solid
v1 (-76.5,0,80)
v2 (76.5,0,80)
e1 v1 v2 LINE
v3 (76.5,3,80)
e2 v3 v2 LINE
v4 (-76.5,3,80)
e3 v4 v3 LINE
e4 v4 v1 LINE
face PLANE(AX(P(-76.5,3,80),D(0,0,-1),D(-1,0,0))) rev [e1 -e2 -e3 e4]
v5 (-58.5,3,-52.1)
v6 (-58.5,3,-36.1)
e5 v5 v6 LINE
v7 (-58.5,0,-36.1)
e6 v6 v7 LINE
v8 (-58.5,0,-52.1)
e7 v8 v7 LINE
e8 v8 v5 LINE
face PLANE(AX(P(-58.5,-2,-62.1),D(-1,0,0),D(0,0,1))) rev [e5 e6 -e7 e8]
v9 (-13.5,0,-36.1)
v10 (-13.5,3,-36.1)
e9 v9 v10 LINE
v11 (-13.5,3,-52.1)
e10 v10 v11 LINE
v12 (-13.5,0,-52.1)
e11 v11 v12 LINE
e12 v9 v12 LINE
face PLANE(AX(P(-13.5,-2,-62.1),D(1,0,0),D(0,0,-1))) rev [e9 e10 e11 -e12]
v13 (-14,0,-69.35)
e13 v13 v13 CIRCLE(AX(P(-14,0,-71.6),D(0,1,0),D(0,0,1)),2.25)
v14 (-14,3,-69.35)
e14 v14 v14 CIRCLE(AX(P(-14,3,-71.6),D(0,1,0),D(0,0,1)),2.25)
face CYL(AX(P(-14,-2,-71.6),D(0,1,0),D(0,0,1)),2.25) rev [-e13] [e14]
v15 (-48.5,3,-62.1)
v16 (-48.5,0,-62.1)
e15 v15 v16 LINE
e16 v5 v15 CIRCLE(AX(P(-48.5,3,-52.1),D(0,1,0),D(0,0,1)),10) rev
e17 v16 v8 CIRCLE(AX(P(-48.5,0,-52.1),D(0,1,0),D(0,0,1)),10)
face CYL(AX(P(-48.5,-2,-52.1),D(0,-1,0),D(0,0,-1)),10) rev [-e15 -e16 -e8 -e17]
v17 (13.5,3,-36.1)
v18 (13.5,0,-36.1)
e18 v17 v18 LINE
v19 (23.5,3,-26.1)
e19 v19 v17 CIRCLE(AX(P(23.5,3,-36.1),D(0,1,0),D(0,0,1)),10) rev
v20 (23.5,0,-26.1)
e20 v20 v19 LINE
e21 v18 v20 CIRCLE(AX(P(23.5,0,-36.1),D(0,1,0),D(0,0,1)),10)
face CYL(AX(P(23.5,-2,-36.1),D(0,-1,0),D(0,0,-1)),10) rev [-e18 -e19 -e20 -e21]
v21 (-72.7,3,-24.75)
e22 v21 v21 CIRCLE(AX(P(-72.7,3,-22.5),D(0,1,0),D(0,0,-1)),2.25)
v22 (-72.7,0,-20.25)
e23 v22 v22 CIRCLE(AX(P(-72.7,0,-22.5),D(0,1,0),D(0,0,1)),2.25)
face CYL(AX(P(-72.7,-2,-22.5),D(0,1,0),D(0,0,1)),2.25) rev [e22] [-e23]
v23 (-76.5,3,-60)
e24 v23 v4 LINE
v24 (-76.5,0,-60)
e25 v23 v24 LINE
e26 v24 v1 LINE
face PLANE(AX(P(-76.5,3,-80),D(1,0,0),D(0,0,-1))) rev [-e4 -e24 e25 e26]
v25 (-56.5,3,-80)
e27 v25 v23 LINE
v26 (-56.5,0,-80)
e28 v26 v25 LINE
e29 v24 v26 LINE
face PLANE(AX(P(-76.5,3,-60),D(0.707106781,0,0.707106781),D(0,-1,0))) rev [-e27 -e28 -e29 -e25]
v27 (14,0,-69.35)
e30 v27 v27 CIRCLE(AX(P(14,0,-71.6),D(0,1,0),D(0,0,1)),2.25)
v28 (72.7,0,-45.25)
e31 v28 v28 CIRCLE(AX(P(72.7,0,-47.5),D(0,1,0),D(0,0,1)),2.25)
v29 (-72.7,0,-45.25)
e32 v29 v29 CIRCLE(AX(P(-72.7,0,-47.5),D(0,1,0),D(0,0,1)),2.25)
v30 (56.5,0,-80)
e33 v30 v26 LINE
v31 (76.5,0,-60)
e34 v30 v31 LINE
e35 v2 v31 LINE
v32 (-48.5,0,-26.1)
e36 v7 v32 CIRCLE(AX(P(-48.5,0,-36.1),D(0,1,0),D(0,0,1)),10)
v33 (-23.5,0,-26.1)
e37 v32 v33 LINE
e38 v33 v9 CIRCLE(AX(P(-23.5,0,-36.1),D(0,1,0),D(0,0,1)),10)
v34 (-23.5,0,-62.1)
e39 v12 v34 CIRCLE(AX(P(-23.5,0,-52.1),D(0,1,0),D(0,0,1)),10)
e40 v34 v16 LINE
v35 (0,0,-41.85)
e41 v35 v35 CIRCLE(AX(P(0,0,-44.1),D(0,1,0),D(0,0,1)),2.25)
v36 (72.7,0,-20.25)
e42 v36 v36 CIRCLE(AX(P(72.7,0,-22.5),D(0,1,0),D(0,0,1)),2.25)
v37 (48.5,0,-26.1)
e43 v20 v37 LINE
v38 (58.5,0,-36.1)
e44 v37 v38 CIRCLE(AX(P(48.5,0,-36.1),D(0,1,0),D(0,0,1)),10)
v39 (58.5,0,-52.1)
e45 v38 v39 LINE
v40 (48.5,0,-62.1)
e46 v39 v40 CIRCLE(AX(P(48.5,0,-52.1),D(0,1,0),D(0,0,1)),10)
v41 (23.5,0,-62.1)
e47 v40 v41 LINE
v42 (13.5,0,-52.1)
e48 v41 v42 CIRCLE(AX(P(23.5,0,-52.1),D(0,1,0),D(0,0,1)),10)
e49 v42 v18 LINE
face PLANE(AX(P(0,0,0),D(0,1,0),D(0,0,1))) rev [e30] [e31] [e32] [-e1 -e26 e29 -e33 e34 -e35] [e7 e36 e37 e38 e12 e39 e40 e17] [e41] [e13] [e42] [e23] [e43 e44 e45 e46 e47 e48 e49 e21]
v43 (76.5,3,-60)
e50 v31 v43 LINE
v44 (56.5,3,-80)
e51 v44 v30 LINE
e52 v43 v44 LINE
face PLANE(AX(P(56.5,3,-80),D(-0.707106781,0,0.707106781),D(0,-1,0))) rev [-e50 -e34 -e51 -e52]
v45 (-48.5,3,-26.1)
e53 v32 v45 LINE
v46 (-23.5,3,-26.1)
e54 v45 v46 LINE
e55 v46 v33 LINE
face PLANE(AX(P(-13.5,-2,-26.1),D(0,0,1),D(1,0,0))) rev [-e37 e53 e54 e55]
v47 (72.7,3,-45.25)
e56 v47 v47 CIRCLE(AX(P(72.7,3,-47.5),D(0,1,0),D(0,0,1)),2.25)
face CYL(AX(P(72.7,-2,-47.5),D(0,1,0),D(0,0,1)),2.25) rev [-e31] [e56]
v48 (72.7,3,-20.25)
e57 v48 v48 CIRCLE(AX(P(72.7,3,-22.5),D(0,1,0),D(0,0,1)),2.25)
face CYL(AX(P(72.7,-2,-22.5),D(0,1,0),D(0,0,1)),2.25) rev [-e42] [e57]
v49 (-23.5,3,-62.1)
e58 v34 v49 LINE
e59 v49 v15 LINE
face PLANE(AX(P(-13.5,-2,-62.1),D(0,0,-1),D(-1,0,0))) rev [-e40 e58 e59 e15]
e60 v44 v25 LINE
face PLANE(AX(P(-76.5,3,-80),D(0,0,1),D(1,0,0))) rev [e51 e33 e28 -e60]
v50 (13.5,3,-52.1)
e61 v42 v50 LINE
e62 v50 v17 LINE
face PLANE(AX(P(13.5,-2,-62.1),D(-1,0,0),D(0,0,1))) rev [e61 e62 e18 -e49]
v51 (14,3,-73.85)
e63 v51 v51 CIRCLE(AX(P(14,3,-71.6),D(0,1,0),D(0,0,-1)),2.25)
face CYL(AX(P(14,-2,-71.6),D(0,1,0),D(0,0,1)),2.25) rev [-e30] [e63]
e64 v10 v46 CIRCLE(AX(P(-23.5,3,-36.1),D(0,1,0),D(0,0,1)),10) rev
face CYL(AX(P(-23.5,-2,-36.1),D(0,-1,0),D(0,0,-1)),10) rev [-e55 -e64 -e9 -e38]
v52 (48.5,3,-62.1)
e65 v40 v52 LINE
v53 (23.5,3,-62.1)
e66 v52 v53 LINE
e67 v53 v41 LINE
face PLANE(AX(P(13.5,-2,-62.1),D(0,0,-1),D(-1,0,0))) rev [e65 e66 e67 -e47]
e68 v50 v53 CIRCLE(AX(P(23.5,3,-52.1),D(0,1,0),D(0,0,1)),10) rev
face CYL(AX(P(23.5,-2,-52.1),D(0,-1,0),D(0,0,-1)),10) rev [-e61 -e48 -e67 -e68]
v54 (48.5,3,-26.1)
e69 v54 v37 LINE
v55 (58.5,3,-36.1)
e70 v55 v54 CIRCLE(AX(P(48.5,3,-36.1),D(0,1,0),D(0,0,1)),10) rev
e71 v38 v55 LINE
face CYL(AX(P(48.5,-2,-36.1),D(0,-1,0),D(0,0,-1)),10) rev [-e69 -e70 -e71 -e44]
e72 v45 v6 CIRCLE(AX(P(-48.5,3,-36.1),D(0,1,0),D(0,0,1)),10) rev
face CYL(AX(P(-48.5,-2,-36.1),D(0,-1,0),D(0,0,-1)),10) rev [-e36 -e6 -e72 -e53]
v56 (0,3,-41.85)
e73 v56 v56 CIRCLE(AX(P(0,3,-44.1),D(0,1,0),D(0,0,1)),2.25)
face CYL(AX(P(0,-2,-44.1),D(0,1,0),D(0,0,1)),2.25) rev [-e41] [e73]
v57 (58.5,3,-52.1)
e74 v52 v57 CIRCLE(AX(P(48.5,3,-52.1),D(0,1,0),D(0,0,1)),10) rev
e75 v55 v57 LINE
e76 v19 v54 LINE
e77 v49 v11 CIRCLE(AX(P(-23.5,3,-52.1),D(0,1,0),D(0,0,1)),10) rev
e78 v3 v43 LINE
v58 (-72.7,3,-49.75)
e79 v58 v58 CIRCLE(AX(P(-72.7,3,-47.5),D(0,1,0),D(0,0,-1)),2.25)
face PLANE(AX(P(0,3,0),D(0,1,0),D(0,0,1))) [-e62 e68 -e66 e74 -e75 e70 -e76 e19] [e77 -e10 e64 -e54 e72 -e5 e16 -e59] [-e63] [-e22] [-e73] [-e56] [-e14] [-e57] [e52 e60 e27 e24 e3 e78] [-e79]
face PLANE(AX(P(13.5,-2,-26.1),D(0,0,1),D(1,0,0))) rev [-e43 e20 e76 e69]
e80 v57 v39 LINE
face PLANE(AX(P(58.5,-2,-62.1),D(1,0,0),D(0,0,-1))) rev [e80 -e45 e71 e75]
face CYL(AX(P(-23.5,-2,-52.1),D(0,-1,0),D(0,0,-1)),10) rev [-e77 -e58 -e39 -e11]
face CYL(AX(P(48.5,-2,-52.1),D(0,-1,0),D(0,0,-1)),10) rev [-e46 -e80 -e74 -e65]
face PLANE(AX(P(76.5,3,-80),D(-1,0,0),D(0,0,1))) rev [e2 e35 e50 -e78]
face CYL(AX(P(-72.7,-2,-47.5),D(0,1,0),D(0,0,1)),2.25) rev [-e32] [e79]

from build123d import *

# Parameters (mm, degrees)
SKETCH_1_W          = 153
SKETCH_1_H          = 160
EXTRUDE_1_DEPTH     = 3
SKETCH_2_R          = 2.25
CUT_EXTRUDE_1_DEPTH = 5
SKETCH_3_W          = 45
SKETCH_3_H          = 36
CUT_EXTRUDE_2_DEPTH = 5
FILLET_1_R          = 10
CHAMFER_1_SIZE      = 20


with BuildPart() as part:
    # 草图1 → 凸台-拉伸1 (new body)
    with BuildSketch(Plane(origin=(0, 0, 0), x_dir=(1, 0, 0), z_dir=(0, 1, 0))):
        Rectangle(SKETCH_1_W, SKETCH_1_H)
    extrude(amount=EXTRUDE_1_DEPTH)

    # 草图2 → 切除-拉伸1 (cut)
    with BuildSketch(Plane(origin=(0, 3, 0), x_dir=(1, 0, 0), z_dir=(0, 1, 0))):
        with Locations(Location((72.7, 47.5, 0), (0, 0, 270))):
            Circle(SKETCH_2_R)
        with Locations(Location((-72.7, 47.5, 0), (0, 0, 270))):
            Circle(SKETCH_2_R)
        with Locations(Location((72.7, 22.5, 0), (0, 0, 270))):
            Circle(SKETCH_2_R)
        with Locations(Location((-72.7, 22.5, 0), (0, 0, 270))):
            Circle(SKETCH_2_R)
        with Locations(Location((-14, 71.6, 0), (0, 0, 270))):
            Circle(SKETCH_2_R)
        with Locations(Location((14, 71.6, 0), (0, 0, 270))):
            Circle(SKETCH_2_R)
        with Locations(Location((0, 44.1, 0), (0, 0, 270))):
            Circle(SKETCH_2_R)
    extrude(amount=-CUT_EXTRUDE_1_DEPTH, mode=Mode.SUBTRACT)

    # 草图3 → 切除-拉伸2 (cut)
    with BuildSketch(Plane(origin=(0, 3, 0), x_dir=(1, 0, 0), z_dir=(0, 1, 0))):
        with Locations((36, 44.1)):
            Rectangle(SKETCH_3_W, SKETCH_3_H)
        with Locations((-36, 44.1)):
            Rectangle(SKETCH_3_W, SKETCH_3_H)
    extrude(amount=-CUT_EXTRUDE_2_DEPTH, mode=Mode.SUBTRACT)

    # 圆角1
    fillet_1_edges = [part.edges().sort_by_distance(p)[0] for p in [
        (58.5, 1.5, -62.1),
        (58.5, 1.5, -26.1),
        (13.5, 1.5, -26.1),
        (13.5, 1.5, -62.1),
        (-58.5, 1.5, -62.1),
        (-13.5, 1.5, -62.1),
        (-13.5, 1.5, -26.1),
        (-58.5, 1.5, -26.1),
    ]]
    fillet(fillet_1_edges, radius=FILLET_1_R)

    # 倒角1
    chamfer_1_edges = [part.edges().sort_by_distance(p)[0] for p in [
        (-76.5, 1.5, -80),
        (76.5, 1.5, -80),
    ]]
    chamfer(chamfer_1_edges, length=CHAMFER_1_SIZE)


solid = part.part
